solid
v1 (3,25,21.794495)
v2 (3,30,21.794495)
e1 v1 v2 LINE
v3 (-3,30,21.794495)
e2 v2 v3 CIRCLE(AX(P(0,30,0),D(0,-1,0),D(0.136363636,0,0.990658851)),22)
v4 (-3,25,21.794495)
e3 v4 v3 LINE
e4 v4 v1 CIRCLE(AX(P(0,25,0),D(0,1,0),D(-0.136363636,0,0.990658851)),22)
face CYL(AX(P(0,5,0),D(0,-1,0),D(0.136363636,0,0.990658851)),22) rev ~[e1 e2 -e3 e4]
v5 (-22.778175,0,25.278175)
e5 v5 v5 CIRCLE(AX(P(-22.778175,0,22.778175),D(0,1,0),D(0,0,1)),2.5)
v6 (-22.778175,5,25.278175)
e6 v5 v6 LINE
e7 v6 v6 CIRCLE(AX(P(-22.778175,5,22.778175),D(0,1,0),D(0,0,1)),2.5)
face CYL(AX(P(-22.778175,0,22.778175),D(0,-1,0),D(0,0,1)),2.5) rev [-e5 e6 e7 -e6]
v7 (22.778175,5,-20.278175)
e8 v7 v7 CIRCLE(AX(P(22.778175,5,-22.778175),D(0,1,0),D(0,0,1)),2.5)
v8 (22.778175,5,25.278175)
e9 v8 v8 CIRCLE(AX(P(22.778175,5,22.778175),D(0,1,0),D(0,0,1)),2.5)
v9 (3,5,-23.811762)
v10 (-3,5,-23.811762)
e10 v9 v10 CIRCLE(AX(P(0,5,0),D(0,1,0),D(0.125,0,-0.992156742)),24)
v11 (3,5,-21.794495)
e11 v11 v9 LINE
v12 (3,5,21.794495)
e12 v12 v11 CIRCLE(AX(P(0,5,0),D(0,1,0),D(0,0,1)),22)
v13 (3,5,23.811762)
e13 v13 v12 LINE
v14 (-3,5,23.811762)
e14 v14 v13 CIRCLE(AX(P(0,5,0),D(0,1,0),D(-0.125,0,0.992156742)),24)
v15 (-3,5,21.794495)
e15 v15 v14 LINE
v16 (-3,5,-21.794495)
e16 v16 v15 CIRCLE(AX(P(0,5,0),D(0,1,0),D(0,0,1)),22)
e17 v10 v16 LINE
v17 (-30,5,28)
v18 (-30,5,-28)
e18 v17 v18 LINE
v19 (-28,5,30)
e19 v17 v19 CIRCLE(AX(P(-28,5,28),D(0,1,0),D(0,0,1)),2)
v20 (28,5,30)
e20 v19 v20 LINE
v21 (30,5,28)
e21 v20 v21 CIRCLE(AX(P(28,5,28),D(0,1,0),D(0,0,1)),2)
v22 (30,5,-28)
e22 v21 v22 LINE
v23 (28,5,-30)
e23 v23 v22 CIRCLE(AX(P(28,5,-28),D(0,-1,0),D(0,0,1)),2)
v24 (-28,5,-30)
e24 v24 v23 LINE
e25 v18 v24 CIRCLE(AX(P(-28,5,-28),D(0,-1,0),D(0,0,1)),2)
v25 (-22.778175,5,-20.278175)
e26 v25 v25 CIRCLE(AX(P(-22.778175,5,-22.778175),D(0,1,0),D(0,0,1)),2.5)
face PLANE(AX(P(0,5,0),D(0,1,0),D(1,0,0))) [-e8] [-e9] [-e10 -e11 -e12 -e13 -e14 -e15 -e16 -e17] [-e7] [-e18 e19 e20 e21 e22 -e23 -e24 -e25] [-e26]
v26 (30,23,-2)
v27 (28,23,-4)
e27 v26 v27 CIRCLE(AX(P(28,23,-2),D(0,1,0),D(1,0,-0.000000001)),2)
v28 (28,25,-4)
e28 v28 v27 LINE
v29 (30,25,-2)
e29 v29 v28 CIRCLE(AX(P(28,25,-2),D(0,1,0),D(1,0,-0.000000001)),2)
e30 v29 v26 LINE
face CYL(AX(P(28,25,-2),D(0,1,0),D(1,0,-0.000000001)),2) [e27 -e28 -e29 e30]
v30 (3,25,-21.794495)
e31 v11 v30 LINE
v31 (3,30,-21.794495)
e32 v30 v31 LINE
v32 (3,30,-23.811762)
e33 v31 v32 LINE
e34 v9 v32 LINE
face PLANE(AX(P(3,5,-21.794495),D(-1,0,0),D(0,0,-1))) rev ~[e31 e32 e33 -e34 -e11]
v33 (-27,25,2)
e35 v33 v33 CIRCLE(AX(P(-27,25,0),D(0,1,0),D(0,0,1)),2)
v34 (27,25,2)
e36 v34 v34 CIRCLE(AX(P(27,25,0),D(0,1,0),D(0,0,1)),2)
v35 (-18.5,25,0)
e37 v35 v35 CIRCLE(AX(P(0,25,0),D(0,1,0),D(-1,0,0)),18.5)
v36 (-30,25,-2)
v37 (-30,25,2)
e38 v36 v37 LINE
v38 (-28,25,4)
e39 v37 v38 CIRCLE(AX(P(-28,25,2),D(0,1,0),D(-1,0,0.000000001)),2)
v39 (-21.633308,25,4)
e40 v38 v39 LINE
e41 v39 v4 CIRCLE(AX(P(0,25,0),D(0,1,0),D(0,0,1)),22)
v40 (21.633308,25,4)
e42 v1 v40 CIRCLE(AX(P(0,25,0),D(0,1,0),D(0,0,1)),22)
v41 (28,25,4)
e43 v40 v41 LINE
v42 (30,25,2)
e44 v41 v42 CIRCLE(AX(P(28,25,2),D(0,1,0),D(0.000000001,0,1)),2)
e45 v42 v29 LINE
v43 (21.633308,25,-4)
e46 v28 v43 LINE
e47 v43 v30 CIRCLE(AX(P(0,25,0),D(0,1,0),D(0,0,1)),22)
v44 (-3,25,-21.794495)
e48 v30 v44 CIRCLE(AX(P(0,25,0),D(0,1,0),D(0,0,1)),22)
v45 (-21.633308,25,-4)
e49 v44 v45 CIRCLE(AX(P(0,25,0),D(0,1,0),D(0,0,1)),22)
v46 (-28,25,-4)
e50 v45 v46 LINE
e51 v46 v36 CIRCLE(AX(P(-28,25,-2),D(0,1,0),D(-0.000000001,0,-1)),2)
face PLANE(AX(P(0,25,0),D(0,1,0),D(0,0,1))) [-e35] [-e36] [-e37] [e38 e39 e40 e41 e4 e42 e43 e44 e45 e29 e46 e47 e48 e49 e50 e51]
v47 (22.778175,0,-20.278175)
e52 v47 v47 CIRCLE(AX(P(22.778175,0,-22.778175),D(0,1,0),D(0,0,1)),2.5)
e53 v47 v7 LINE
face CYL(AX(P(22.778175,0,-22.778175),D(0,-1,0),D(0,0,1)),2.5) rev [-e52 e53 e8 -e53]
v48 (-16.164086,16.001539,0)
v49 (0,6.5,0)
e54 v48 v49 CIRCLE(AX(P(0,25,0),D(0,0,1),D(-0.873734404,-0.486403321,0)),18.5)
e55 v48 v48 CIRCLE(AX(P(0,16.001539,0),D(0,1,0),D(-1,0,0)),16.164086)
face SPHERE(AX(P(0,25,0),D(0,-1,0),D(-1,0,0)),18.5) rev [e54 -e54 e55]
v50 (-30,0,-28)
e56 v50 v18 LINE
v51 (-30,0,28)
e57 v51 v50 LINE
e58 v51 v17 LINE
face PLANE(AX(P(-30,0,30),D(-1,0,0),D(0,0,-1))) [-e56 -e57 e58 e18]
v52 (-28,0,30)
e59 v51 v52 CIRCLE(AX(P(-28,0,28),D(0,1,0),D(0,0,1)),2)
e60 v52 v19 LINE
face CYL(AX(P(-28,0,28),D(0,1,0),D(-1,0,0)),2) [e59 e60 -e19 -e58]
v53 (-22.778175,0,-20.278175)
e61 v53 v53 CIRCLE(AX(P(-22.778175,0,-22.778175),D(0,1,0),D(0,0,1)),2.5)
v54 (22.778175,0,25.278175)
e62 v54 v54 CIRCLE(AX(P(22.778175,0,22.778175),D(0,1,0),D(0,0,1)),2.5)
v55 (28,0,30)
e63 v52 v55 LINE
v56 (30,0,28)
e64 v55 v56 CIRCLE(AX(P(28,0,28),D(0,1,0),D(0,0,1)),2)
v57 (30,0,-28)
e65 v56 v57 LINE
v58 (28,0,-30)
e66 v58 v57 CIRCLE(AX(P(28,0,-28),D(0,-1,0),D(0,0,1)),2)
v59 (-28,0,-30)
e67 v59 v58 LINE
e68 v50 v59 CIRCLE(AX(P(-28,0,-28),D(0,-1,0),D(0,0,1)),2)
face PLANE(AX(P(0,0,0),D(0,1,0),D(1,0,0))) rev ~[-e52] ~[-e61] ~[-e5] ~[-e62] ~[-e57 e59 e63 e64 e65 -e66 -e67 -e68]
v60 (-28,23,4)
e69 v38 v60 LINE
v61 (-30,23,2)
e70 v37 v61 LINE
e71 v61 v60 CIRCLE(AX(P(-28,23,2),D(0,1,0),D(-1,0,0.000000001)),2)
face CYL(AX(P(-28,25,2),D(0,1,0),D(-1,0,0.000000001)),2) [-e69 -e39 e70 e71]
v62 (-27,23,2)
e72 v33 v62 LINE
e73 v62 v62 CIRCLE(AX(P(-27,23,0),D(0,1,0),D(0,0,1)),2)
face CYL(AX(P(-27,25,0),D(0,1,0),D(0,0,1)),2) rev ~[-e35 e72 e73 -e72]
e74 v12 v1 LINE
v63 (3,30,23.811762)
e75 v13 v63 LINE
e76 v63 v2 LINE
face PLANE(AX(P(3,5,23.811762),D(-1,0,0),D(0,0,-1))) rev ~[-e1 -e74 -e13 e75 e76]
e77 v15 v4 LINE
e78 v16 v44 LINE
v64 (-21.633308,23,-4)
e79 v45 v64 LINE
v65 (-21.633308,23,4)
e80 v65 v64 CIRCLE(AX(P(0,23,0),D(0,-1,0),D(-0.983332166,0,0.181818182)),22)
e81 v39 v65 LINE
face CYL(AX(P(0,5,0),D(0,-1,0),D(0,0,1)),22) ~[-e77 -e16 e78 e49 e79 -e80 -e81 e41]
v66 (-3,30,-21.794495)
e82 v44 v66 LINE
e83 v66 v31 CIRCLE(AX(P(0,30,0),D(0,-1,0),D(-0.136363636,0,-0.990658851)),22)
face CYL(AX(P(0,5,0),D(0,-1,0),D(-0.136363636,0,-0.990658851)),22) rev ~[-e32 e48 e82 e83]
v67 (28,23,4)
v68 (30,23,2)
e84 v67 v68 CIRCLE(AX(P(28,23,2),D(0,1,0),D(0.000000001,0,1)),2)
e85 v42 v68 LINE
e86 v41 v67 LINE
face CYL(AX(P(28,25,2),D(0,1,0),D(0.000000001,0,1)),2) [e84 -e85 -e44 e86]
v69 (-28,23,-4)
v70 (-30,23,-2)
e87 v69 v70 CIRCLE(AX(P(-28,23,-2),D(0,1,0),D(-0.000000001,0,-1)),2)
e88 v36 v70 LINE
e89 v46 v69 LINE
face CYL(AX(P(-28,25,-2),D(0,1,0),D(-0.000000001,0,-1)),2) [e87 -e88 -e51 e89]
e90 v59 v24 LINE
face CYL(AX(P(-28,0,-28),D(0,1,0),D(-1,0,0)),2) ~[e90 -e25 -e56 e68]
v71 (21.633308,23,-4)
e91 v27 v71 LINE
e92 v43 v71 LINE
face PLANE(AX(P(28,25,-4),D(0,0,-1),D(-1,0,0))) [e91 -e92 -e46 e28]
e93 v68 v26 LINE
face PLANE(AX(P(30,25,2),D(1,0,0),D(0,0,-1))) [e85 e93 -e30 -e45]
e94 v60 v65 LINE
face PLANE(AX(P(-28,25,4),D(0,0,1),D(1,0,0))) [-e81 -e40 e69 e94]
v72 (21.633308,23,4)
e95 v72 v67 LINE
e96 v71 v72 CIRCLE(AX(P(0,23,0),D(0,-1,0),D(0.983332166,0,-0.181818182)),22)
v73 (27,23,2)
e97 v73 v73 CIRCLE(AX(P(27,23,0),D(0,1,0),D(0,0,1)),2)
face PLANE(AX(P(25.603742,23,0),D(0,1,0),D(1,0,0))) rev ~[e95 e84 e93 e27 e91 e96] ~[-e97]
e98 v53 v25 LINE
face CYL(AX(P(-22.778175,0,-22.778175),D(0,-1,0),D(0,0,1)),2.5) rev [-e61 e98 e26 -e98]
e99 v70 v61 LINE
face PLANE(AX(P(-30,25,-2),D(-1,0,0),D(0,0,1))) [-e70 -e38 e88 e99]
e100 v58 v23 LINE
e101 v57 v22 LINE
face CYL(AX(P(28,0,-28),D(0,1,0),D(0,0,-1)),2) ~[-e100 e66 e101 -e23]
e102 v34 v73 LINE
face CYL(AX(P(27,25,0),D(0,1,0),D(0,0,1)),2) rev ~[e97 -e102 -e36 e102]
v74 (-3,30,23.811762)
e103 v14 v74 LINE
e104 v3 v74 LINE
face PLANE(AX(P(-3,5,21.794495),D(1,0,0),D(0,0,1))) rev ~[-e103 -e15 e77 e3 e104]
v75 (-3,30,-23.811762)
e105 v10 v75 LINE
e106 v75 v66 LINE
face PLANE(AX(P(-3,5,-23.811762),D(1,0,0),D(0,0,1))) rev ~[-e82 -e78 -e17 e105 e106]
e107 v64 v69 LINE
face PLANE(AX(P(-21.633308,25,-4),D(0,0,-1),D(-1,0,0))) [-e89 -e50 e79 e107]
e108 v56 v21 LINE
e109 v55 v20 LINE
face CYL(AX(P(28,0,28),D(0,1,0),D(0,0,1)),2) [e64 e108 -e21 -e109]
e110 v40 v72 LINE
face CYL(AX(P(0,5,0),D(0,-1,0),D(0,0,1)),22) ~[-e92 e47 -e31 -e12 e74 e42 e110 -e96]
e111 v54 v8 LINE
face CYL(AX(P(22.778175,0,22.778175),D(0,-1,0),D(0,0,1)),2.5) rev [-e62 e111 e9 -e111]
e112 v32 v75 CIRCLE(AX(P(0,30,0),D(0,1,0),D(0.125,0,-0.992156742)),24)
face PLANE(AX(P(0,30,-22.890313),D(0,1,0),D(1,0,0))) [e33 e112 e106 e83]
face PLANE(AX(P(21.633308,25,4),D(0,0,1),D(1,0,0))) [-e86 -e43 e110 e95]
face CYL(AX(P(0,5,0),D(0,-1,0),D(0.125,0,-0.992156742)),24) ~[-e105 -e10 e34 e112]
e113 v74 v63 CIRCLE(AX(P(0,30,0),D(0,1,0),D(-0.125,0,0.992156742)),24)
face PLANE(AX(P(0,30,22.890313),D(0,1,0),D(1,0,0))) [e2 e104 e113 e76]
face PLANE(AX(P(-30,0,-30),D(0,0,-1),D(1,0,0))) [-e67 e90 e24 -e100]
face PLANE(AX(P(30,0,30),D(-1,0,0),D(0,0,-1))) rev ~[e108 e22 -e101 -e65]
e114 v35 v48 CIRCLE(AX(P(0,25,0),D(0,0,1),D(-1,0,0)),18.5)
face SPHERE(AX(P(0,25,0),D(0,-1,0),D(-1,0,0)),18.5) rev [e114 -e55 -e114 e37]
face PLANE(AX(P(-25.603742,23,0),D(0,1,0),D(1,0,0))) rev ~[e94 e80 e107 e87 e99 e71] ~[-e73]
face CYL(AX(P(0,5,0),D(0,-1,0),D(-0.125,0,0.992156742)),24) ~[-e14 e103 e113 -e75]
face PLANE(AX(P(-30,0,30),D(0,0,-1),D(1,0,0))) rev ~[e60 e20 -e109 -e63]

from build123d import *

# Parameters (mm, degrees)
SKETCH1_W           = 60
SKETCH1_H           = 60
SKETCH1_R           = 2.5
SKETCH1_R_2         = 22
SKETCH1_R_3         = 18.5
BOSS_EXTRUDE1_DEPTH = 5
BOSS_EXTRUDE2_START = 5
SKETCH1_3_R         = 22
SKETCH1_3_R_2       = 18.5
BOSS_EXTRUDE2_DEPTH = 20
FILLET1_R           = 2
BOSS_EXTRUDE6_DEPTH = 25
SKETCH5_R           = 2
BOSS_EXTRUDE7_DEPTH = 2


with BuildPart() as part:
    # Sketch1 → Boss-Extrude1 (new body)
    with BuildSketch(Plane(origin=(0, 0, 0), x_dir=(1, 0, 0), z_dir=(0, 1, 0))):
        Rectangle(SKETCH1_W, SKETCH1_H)
        with Locations(Location((22.778174593, 22.778174593, 0), (0, 0, 270))):
            Circle(SKETCH1_R, mode=Mode.SUBTRACT)
        with Locations(Location((22.778174593, -22.778174593, 0), (0, 0, 270))):
            Circle(SKETCH1_R, mode=Mode.SUBTRACT)
        with Locations(Location((-22.778174593, -22.778174593, 0), (0, 0, 270))):
            Circle(SKETCH1_R, mode=Mode.SUBTRACT)
        Circle(SKETCH1_R_2, mode=Mode.SUBTRACT)
        with Locations(Location((-22.778174593, 22.778174593, 0), (0, 0, 270))):
            Circle(SKETCH1_R, mode=Mode.SUBTRACT)
        Circle(SKETCH1_R_2)
        Circle(SKETCH1_R_3, mode=Mode.SUBTRACT)
        Circle(SKETCH1_R_3)
    extrude(amount=BOSS_EXTRUDE1_DEPTH)

    # Sketch1<3> → Boss-Extrude2 (add)
    with BuildSketch(Plane(origin=(0, 0, 0), x_dir=(1, 0, 0), z_dir=(0, 1, 0)).offset(BOSS_EXTRUDE2_START)):
        with Locations(Location((0, 0, 0), (0, 0, 270))):
            Circle(SKETCH1_3_R)
        Circle(SKETCH1_3_R_2, mode=Mode.SUBTRACT)
        Circle(SKETCH1_3_R_2)
    extrude(amount=BOSS_EXTRUDE2_DEPTH)

    # Sketch3 → Cut-Revolve4 (revolve, cut)
    with BuildSketch(Plane.XY):
        with BuildLine():
            Line((0, 16.001538563), (0, 25))
            Line((0, 25), (-18.5, 25))
            ThreePointArc((-18.5, 25), (-17.906501611, 20.351645447), (-16.164086481, 16.001538563))
            Line((-16.164086481, 16.001538563), (0, 16.001538563))
        make_face()
        with BuildLine():
            Line((0, 6.5), (0, 16.001538563))
            Line((0, 16.001538563), (-16.164086481, 16.001538563))
            ThreePointArc((-16.164086481, 16.001538563), (-9.374925691, 9.051308258), (0, 6.5))
        make_face()
    revolve(axis=Axis((0, 6.5, 0), (0, 1, 0)), mode=Mode.SUBTRACT)

    # Fillet1
    fillet1_edges = [part.edges().sort_by_distance(p)[0] for p in [
        (-30, 2.5, 30),
        (-30, 2.5, -30),
        (30, 2.5, -30),
        (30, 2.5, 30),
    ]]
    fillet(fillet1_edges, radius=FILLET1_R)

    # Sketch4 → Boss-Extrude6 (add)
    with BuildSketch(Plane(origin=(0, 5, 0), x_dir=(1, 0, 0), z_dir=(0, 1, 0))):
        with BuildLine():
            ThreePointArc((3, 23.8117618), (0, 24), (-3, 23.8117618))
            Line((-3, 23.8117618), (-3, 21.794494718))
            ThreePointArc((-3, 21.794494718), (0, 22), (3, 21.794494718))
            Line((3, 21.794494718), (3, 23.8117618))
        make_face()
        with BuildLine():
            Line((-3, -21.794494718), (-3, -23.8117618))
            ThreePointArc((-3, -23.8117618), (0, -24), (3, -23.8117618))
            Line((3, -23.8117618), (3, -21.794494718))
            ThreePointArc((3, -21.794494718), (0, -22), (-3, -21.794494718))
        make_face()
    extrude(amount=BOSS_EXTRUDE6_DEPTH)

    # Sketch5 → Boss-Extrude7 (add)
    with BuildSketch(Plane(origin=(0, 25, 0), x_dir=(1, 0, 0), z_dir=(0, 1, 0))):
        with BuildLine():
            ThreePointArc((30, 2), (29.414213562, 3.414213562), (28, 4))
            Line((28, 4), (21.633307653, 4))
            ThreePointArc((21.633307653, 4), (22, 0), (21.633307653, -4))
            Line((21.633307653, -4), (28, -4))
            ThreePointArc((28, -4), (29.414213562, -3.414213562), (30, -2))
            Line((30, -2), (30, 2))
        make_face()
        with Locations(Location((27, 0, 0), (0, 0, 270))):
            Circle(SKETCH5_R, mode=Mode.SUBTRACT)
        with BuildLine():
            ThreePointArc((-21.633307653, -4), (-22, 0), (-21.633307653, 4))
            Line((-21.633307653, 4), (-28, 4))
            ThreePointArc((-28, 4), (-29.414213562, 3.414213562), (-30, 2))
            Line((-30, 2), (-30, -2))
            ThreePointArc((-30, -2), (-29.414213562, -3.414213562), (-28, -4))
            Line((-28, -4), (-21.633307653, -4))
        make_face()
        with Locations(Location((-27, 0, 0), (0, 0, 270))):
            Circle(SKETCH5_R, mode=Mode.SUBTRACT)
    extrude(amount=-BOSS_EXTRUDE7_DEPTH)


solid = part.part
